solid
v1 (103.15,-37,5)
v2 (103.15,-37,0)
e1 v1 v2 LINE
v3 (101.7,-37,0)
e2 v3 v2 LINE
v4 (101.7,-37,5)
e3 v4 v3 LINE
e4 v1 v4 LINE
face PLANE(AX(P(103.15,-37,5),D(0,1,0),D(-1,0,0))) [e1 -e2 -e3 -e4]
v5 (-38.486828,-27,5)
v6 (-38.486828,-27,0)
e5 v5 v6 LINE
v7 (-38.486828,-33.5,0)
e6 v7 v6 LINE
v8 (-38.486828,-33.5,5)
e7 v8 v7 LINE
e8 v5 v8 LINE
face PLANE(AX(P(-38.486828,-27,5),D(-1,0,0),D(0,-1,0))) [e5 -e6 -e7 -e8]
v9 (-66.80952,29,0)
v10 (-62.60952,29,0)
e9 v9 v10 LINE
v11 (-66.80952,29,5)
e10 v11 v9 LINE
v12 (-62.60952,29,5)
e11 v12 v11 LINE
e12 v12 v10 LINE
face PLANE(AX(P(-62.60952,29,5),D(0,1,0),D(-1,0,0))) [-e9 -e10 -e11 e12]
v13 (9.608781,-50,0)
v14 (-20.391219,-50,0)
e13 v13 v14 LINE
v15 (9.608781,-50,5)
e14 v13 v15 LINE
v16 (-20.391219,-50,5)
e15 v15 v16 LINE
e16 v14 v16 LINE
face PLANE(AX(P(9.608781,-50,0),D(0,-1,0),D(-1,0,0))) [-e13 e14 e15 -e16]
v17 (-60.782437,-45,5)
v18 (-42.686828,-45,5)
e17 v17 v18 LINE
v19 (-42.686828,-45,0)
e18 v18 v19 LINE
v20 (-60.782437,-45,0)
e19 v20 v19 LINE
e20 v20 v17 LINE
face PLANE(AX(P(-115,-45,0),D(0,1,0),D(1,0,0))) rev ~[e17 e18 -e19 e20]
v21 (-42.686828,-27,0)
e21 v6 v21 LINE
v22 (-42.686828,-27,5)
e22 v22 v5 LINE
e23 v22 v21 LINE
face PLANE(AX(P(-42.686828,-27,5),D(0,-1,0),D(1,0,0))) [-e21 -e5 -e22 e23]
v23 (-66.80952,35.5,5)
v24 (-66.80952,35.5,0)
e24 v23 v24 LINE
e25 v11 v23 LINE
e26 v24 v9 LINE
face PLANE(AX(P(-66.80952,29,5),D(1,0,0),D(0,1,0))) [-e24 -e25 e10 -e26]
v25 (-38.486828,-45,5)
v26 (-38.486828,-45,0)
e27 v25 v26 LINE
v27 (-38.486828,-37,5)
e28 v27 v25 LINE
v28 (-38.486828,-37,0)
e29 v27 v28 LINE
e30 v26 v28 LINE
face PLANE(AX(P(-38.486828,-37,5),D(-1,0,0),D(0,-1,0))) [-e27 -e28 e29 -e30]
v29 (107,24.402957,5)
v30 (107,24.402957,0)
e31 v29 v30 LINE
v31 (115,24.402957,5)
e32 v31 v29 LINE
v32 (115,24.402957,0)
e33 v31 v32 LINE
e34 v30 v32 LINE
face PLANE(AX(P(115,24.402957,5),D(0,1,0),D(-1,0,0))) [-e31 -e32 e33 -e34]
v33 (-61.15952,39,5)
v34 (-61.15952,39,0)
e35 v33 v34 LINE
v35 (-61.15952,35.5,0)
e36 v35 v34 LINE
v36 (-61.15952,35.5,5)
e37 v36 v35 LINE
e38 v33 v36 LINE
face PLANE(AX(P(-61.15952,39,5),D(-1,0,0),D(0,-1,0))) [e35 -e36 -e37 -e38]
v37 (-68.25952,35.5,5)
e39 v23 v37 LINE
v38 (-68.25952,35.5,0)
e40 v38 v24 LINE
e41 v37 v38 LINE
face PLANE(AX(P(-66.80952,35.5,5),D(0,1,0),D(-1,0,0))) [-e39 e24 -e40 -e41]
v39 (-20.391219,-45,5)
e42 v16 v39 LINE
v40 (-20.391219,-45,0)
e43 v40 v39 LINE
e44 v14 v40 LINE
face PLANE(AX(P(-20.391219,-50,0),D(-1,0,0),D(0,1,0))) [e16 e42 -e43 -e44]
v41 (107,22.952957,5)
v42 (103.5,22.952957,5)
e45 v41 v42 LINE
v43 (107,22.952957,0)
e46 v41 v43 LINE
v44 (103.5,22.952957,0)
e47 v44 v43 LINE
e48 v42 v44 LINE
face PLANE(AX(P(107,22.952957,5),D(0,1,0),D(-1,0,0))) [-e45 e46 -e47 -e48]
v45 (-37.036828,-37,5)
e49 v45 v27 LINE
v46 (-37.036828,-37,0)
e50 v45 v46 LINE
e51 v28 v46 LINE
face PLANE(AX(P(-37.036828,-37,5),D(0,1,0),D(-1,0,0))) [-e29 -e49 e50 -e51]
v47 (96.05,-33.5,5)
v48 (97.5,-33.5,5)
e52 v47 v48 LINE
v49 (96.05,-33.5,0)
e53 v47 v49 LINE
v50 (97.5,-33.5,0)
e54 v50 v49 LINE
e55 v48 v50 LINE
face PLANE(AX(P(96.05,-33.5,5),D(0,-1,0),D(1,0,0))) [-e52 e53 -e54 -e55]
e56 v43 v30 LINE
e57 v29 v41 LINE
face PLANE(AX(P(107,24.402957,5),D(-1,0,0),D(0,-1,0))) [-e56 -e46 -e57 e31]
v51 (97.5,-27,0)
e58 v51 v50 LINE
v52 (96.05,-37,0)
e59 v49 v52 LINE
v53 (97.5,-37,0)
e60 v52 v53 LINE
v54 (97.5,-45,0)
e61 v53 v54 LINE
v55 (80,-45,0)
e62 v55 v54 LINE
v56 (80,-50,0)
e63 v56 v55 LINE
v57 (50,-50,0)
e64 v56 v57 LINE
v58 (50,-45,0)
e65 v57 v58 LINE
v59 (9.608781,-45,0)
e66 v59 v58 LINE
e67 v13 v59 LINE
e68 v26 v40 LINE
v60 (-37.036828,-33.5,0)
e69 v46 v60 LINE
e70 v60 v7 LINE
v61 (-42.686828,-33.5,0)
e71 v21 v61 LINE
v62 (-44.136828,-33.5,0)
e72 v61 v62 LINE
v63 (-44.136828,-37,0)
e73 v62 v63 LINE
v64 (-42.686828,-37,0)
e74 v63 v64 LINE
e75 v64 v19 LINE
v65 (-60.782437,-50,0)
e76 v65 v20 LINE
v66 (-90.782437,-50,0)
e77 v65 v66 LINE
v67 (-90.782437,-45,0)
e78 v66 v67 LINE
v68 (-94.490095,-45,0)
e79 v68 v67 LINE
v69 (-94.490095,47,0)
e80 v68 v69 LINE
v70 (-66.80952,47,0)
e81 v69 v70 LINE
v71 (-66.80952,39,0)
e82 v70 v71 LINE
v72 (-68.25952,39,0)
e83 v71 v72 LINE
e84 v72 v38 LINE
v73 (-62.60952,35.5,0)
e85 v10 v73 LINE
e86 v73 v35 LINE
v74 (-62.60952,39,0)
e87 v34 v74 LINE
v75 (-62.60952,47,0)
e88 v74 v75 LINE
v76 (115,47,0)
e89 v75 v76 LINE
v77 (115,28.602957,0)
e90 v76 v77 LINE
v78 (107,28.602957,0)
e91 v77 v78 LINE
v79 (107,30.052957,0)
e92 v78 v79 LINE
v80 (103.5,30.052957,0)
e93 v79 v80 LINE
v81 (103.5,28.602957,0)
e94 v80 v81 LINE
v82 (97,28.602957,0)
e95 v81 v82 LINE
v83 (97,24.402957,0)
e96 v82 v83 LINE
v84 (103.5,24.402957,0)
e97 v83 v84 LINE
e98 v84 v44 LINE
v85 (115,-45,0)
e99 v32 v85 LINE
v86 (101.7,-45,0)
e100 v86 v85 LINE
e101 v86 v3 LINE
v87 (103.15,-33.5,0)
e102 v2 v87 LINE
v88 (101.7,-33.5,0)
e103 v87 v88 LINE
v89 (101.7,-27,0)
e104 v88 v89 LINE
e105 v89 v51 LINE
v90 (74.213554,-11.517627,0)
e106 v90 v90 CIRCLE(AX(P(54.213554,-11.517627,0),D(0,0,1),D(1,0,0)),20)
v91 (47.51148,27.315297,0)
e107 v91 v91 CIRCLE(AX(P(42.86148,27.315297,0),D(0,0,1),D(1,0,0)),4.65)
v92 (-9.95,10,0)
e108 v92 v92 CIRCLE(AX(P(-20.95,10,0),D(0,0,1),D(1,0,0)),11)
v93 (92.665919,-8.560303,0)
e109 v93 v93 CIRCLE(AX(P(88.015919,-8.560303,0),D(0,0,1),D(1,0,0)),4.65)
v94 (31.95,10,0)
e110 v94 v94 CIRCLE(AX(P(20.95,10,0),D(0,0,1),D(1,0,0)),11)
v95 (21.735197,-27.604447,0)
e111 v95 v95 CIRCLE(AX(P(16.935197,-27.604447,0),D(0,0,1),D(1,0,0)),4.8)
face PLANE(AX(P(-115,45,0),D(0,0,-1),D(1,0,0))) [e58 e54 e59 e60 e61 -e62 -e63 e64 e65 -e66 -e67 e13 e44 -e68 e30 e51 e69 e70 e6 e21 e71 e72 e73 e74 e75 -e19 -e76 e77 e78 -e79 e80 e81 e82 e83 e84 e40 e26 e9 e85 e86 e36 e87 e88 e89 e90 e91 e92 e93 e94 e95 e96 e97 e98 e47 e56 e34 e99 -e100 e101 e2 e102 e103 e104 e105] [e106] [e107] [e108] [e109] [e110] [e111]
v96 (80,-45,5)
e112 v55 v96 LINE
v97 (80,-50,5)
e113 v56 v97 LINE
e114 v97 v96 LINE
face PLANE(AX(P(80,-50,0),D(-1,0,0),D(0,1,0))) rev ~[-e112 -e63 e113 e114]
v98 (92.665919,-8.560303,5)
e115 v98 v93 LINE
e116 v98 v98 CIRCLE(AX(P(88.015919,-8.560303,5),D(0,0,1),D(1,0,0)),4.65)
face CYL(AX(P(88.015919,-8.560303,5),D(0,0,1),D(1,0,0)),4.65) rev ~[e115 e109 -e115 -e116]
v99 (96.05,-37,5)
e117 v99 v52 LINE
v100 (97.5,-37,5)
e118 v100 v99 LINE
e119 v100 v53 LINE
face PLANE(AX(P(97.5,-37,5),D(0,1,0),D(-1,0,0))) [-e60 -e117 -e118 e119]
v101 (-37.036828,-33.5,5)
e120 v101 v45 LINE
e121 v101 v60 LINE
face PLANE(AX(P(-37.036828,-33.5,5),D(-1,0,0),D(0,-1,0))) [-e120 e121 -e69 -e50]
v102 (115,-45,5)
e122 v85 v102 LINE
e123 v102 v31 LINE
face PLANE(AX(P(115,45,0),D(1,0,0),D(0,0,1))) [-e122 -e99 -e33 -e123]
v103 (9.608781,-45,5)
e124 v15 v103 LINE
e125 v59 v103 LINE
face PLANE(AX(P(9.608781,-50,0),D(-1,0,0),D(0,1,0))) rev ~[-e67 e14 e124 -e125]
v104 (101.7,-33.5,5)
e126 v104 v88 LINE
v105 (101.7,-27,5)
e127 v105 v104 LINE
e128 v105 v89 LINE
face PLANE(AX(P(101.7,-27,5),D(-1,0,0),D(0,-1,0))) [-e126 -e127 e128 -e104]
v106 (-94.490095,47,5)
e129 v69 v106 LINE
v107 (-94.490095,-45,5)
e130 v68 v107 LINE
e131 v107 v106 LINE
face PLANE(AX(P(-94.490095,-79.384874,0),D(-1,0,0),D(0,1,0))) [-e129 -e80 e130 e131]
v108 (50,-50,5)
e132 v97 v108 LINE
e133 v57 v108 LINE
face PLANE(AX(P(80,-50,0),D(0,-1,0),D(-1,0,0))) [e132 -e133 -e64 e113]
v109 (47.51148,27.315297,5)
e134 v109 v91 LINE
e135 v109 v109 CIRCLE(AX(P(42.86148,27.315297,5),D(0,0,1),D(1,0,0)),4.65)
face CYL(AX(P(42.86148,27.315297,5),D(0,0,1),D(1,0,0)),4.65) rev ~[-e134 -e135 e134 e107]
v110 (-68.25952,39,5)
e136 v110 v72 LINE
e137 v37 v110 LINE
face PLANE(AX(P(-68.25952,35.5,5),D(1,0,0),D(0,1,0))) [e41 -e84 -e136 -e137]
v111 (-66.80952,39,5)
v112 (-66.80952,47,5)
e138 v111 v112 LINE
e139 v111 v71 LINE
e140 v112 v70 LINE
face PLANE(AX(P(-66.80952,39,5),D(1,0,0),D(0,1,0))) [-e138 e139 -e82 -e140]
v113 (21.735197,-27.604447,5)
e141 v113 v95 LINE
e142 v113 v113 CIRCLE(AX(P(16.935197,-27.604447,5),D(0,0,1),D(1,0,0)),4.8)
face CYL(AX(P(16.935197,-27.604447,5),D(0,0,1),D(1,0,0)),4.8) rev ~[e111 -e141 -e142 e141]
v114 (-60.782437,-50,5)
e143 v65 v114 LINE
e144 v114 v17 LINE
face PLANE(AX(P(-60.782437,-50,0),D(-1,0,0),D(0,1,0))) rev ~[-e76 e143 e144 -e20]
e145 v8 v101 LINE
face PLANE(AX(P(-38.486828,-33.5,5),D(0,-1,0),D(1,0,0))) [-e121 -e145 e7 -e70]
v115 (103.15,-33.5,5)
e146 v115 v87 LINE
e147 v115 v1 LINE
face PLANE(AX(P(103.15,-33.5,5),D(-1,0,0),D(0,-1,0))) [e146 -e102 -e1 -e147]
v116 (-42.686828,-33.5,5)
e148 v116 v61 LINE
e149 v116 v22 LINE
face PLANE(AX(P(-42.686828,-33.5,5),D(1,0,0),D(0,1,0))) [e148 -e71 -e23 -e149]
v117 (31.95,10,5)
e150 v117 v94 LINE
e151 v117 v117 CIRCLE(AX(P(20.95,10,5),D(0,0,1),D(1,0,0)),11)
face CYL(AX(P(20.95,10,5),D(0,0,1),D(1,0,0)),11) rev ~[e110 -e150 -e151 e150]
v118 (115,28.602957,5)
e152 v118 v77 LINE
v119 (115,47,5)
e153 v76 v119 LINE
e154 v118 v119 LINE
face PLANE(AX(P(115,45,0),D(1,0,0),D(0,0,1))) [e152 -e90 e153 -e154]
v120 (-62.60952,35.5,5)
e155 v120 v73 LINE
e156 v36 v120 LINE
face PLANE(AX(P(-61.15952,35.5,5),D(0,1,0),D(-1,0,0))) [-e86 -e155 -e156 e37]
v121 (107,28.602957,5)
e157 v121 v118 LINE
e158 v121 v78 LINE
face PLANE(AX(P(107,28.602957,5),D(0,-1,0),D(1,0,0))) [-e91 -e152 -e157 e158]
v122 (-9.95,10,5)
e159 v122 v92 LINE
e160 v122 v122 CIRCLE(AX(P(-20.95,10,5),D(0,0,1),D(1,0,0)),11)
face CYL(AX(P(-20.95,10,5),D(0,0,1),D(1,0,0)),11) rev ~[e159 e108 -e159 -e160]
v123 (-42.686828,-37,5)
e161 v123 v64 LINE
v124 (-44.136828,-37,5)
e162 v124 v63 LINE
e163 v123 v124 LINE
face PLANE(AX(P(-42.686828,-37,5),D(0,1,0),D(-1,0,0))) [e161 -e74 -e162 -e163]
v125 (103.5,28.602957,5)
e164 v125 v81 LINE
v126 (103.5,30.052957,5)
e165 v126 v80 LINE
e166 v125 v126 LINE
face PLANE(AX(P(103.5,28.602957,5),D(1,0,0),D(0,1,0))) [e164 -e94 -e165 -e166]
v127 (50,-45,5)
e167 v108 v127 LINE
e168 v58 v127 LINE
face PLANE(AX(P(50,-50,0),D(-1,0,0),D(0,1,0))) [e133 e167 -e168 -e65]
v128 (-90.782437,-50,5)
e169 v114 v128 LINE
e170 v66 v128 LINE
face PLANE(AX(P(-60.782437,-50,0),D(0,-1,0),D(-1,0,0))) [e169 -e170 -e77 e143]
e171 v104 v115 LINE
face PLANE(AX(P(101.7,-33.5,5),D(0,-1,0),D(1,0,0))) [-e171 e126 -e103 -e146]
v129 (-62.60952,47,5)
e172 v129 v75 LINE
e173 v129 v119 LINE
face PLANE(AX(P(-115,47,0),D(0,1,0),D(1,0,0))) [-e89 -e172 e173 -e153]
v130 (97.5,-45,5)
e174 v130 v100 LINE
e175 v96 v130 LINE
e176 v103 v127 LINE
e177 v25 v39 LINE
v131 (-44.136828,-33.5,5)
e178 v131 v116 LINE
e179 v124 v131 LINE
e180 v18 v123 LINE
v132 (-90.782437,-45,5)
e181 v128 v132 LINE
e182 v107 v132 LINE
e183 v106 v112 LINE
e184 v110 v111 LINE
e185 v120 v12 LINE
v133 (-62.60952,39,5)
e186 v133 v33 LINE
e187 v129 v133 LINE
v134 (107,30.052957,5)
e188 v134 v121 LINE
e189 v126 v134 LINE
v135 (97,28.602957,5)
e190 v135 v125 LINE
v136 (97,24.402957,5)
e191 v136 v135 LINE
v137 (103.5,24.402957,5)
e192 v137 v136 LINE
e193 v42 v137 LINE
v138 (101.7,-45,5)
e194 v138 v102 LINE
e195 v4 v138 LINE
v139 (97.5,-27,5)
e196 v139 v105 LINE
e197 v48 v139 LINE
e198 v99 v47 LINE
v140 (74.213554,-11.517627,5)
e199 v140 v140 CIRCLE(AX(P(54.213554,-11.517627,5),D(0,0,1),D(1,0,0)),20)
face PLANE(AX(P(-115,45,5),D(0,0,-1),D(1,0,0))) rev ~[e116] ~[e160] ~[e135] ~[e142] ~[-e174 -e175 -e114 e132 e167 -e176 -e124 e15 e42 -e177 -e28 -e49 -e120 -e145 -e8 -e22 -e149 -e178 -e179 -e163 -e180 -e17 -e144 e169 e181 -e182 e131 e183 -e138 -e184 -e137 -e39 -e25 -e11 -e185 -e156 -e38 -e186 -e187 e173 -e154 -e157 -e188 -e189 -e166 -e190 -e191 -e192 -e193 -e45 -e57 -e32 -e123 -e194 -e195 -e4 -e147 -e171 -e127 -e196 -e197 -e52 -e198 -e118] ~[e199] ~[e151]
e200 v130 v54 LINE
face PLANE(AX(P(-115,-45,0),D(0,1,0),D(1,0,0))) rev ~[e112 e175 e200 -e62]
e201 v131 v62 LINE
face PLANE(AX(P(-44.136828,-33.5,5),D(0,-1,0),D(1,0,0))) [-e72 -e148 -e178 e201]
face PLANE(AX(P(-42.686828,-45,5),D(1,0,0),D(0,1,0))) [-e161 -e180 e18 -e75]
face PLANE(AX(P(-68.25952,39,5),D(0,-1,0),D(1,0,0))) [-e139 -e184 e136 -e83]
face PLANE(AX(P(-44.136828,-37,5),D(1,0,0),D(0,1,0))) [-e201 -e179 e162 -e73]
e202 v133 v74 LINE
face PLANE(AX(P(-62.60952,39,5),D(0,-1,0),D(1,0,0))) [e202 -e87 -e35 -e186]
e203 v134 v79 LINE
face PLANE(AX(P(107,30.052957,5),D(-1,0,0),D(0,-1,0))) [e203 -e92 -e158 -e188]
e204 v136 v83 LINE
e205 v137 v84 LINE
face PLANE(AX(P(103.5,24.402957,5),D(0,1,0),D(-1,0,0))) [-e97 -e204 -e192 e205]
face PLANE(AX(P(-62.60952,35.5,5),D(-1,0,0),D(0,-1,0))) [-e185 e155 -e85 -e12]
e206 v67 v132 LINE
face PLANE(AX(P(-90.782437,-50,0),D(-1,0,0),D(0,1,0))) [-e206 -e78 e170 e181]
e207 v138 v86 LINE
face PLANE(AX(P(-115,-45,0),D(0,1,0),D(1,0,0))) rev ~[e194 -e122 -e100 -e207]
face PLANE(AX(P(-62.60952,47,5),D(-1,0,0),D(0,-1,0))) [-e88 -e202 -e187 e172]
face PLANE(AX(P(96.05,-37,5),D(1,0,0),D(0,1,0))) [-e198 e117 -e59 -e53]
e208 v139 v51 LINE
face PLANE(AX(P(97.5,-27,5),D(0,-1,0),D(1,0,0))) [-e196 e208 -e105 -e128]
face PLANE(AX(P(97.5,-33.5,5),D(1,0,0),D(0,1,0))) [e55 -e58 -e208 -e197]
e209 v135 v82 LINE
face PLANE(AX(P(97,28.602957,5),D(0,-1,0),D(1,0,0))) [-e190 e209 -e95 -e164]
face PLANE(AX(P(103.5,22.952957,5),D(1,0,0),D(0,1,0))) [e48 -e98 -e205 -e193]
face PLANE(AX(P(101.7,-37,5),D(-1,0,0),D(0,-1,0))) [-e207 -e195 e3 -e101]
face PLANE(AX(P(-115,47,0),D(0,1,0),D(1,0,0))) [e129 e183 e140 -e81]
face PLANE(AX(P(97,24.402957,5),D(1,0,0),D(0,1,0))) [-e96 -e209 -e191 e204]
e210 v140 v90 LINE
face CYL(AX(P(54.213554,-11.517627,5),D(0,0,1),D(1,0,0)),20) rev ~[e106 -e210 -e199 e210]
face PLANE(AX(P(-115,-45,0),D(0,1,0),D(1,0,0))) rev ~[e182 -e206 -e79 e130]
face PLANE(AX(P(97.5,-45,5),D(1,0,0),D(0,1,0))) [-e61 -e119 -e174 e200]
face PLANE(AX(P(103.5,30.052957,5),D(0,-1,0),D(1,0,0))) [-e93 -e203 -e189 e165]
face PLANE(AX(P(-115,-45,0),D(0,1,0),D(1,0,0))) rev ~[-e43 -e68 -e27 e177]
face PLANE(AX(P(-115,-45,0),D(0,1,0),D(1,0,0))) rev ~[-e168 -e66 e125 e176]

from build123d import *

# Parameters (mm, degrees)
SKETCH1_W           = 230
SKETCH1_H           = 90
BOSS_EXTRUDE1_DEPTH = 5
CUT_EXTRUDE1_REACH  = 125.592
SKETCH2_R           = 11
SKETCH2_R_2         = 16.75
CUT_EXTRUDE2_REACH  = 125.592
SKETCH3_R           = 4.65
SKETCH3_R_2         = 4.8
MOVE_FACE1_BY       = 2
SKETCH5_W           = 20.50990482
SKETCH5_H           = 126.384873773
CUT_EXTRUDE3_DEPTH  = 5
SKETCH6_W           = 30
SKETCH6_H           = 5
BOSS_EXTRUDE3_DEPTH = 5
CUT_EXTRUDE4_DEPTH  = 10
BOSS_EXTRUDE4_DEPTH = 5
SKETCH8_R           = 20
SKETCH8_R_2         = 4.65
SKETCH8_R_3         = 4.8
SKETCH8_R_4         = 11
CUT_EXTRUDE5_DEPTH  = 5


with BuildPart() as part:
    # Sketch1 → Boss-Extrude1 (new body)
    with BuildSketch(Plane.XY):
        Rectangle(SKETCH1_W, SKETCH1_H)
    extrude(amount=BOSS_EXTRUDE1_DEPTH)

    # Sketch2 → Cut-Extrude1 (cut, up to next)
    with BuildSketch(Plane.XY.offset(5), mode=Mode.PRIVATE) as cut_extrude1_sk1:
        with Locations((-20.95, 10)):
            Circle(SKETCH2_R)
    cut_extrude1_tool1 = extrude(cut_extrude1_sk1.sketch, amount=-CUT_EXTRUDE1_REACH, mode=Mode.PRIVATE) & part.part
    # Sketch2 → Cut-Extrude1 (cut, up to next)
    with BuildSketch(Plane.XY.offset(5), mode=Mode.PRIVATE) as cut_extrude1_sk2:
        with Locations((20.95, 10)):
            Circle(SKETCH2_R)
    cut_extrude1_tool2 = extrude(cut_extrude1_sk2.sketch, amount=-CUT_EXTRUDE1_REACH, mode=Mode.PRIVATE) & part.part
    # Sketch2 → Cut-Extrude1 (cut, up to next)
    with BuildSketch(Plane.XY.offset(5), mode=Mode.PRIVATE) as cut_extrude1_sk3:
        with Locations((49.976927154, -10)):
            Circle(SKETCH2_R_2)
    cut_extrude1_tool3 = extrude(cut_extrude1_sk3.sketch, amount=-CUT_EXTRUDE1_REACH, mode=Mode.PRIVATE) & part.part
    add(cut_extrude1_tool1.solids().sort_by_distance((-20.95, 10, 5))[0], mode=Mode.SUBTRACT)
    add(cut_extrude1_tool2.solids().sort_by_distance((20.95, 10, 5))[0], mode=Mode.SUBTRACT)
    add(cut_extrude1_tool3.solids().sort_by_distance((49.976927, -10, 5))[0], mode=Mode.SUBTRACT)

    # Sketch3 → Cut-Extrude2 (cut, up to next)
    with BuildSketch(Plane(origin=(0, 0, 0), x_dir=(-1, 0, 0), z_dir=(0, 0, -1)), mode=Mode.PRIVATE) as cut_extrude2_sk1:
        with Locations((-42.861480484, 27.315297382)):
            Circle(SKETCH3_R)
    cut_extrude2_tool1 = extrude(cut_extrude2_sk1.sketch, amount=-CUT_EXTRUDE2_REACH, mode=Mode.PRIVATE) & part.part
    # Sketch3 → Cut-Extrude2 (cut, up to next)
    with BuildSketch(Plane(origin=(0, 0, 0), x_dir=(-1, 0, 0), z_dir=(0, 0, -1)), mode=Mode.PRIVATE) as cut_extrude2_sk2:
        with Locations((-88.015918911, -8.560303387)):
            Circle(SKETCH3_R)
    cut_extrude2_tool2 = extrude(cut_extrude2_sk2.sketch, amount=-CUT_EXTRUDE2_REACH, mode=Mode.PRIVATE) & part.part
    # Sketch3 → Cut-Extrude2 (cut, up to next)
    with BuildSketch(Plane(origin=(0, 0, 0), x_dir=(-1, 0, 0), z_dir=(0, 0, -1)), mode=Mode.PRIVATE) as cut_extrude2_sk3:
        with Locations((-16.935196723, -27.604446885)):
            Circle(SKETCH3_R_2)
    cut_extrude2_tool3 = extrude(cut_extrude2_sk3.sketch, amount=-CUT_EXTRUDE2_REACH, mode=Mode.PRIVATE) & part.part
    add(cut_extrude2_tool1.solids().sort_by_distance((42.86148, 27.315297, 0))[0], mode=Mode.SUBTRACT)
    add(cut_extrude2_tool2.solids().sort_by_distance((88.015919, -8.560303, 0))[0], mode=Mode.SUBTRACT)
    add(cut_extrude2_tool3.solids().sort_by_distance((16.935197, -27.604447, 0))[0], mode=Mode.SUBTRACT)

    # Move Face1: a face moved outward by 2.0
    extrude(part.faces().sort_by_distance((0, 45, 2.5))[0], amount=MOVE_FACE1_BY, dir=(0, 1, 0))

    # Sketch5 → Cut-Extrude3 (cut)
    with BuildSketch(Plane(origin=(0, 0, 0), x_dir=(-1, 0, 0), z_dir=(0, 0, -1))):
        with Locations((104.74504759, -16.192436887)):
            Rectangle(SKETCH5_W, SKETCH5_H)
    extrude(amount=-CUT_EXTRUDE3_DEPTH, mode=Mode.SUBTRACT)

    # Sketch6 → Boss-Extrude3 (add)
    with BuildSketch(Plane(origin=(0, 0, 0), x_dir=(-1, 0, 0), z_dir=(0, 0, -1))):
        with Locations((5.391218518, -47.5)):
            Rectangle(SKETCH6_W, SKETCH6_H)
        with Locations((75.782437035, -47.5)):
            Rectangle(SKETCH6_W, SKETCH6_H)
        with Locations((-65, -47.5)):
            Rectangle(SKETCH6_W, SKETCH6_H)
    extrude(amount=-BOSS_EXTRUDE3_DEPTH)

    # Sketch7 → Cut-Extrude4 (cut)
    with BuildSketch(Plane.XY.offset(5)):
        Polygon((-42.686827777, -45), (-42.686827777, -37), (-44.136827777, -37), (-44.136827777, -33.5), (-42.686827777, -33.5), (-42.686827777, -27), (-38.486827777, -27), (-38.486827777, -33.5), (-37.036827777, -33.5), (-37.036827777, -37), (-38.486827777, -37), (-38.486827777, -45), align=None)
        Polygon((97.5, -45), (97.5, -37), (96.05, -37), (96.05, -33.5), (97.5, -33.5), (97.5, -27), (101.7, -27), (101.7, -33.5), (103.15, -33.5), (103.15, -37), (101.7, -37), (101.7, -45), align=None)
        Polygon((115, 24.402956743), (107, 24.402956743), (107, 22.952956743), (103.5, 22.952956743), (103.5, 24.402956743), (97, 24.402956743), (97, 28.602956743), (103.5, 28.602956743), (103.5, 30.052956743), (107, 30.052956743), (107, 28.602956743), (115, 28.602956743), align=None)
        Polygon((-62.609520372, 47), (-62.609520372, 39), (-61.159520372, 39), (-61.159520372, 35.5), (-62.609520372, 35.5), (-62.609520372, 29), (-66.809520372, 29), (-66.809520372, 35.5), (-68.259520372, 35.5), (-68.259520372, 39), (-66.809520372, 39), (-66.809520372, 47), align=None)
    extrude(amount=-CUT_EXTRUDE4_DEPTH, mode=Mode.SUBTRACT)

    # Sketch9 → Boss-Extrude4 (add)
    with BuildSketch(Plane.XY.offset(5)):
        Polygon((-39.58489376, 23.410750341), (-37.52309363, -9.578051742), (-6.596091677, -20.917952458), (6.599429156, -35.969093408), (51.752852007, -37.618533512), (87.628174272, -20.917952458), (101.85459517, 0), (47.084922834, 37.249172102), align=None)
    extrude(amount=-BOSS_EXTRUDE4_DEPTH)

    # Sketch8 → Cut-Extrude5 (cut)
    with BuildSketch(Plane.XY.offset(5)):
        with Locations((54.21355411, -11.517627108)):
            Circle(SKETCH8_R)
        with Locations((42.861480484, 27.315297382)):
            Circle(SKETCH8_R_2)
        with Locations((88.015918911, -8.560303387)):
            Circle(SKETCH8_R_2)
        with Locations((16.935196723, -27.604446885)):
            Circle(SKETCH8_R_3)
        with Locations((20.95, 10)):
            Circle(SKETCH8_R_4)
        with Locations((-20.95, 10)):
            Circle(SKETCH8_R_4)
    extrude(amount=-CUT_EXTRUDE5_DEPTH, mode=Mode.SUBTRACT)


solid = part.part
